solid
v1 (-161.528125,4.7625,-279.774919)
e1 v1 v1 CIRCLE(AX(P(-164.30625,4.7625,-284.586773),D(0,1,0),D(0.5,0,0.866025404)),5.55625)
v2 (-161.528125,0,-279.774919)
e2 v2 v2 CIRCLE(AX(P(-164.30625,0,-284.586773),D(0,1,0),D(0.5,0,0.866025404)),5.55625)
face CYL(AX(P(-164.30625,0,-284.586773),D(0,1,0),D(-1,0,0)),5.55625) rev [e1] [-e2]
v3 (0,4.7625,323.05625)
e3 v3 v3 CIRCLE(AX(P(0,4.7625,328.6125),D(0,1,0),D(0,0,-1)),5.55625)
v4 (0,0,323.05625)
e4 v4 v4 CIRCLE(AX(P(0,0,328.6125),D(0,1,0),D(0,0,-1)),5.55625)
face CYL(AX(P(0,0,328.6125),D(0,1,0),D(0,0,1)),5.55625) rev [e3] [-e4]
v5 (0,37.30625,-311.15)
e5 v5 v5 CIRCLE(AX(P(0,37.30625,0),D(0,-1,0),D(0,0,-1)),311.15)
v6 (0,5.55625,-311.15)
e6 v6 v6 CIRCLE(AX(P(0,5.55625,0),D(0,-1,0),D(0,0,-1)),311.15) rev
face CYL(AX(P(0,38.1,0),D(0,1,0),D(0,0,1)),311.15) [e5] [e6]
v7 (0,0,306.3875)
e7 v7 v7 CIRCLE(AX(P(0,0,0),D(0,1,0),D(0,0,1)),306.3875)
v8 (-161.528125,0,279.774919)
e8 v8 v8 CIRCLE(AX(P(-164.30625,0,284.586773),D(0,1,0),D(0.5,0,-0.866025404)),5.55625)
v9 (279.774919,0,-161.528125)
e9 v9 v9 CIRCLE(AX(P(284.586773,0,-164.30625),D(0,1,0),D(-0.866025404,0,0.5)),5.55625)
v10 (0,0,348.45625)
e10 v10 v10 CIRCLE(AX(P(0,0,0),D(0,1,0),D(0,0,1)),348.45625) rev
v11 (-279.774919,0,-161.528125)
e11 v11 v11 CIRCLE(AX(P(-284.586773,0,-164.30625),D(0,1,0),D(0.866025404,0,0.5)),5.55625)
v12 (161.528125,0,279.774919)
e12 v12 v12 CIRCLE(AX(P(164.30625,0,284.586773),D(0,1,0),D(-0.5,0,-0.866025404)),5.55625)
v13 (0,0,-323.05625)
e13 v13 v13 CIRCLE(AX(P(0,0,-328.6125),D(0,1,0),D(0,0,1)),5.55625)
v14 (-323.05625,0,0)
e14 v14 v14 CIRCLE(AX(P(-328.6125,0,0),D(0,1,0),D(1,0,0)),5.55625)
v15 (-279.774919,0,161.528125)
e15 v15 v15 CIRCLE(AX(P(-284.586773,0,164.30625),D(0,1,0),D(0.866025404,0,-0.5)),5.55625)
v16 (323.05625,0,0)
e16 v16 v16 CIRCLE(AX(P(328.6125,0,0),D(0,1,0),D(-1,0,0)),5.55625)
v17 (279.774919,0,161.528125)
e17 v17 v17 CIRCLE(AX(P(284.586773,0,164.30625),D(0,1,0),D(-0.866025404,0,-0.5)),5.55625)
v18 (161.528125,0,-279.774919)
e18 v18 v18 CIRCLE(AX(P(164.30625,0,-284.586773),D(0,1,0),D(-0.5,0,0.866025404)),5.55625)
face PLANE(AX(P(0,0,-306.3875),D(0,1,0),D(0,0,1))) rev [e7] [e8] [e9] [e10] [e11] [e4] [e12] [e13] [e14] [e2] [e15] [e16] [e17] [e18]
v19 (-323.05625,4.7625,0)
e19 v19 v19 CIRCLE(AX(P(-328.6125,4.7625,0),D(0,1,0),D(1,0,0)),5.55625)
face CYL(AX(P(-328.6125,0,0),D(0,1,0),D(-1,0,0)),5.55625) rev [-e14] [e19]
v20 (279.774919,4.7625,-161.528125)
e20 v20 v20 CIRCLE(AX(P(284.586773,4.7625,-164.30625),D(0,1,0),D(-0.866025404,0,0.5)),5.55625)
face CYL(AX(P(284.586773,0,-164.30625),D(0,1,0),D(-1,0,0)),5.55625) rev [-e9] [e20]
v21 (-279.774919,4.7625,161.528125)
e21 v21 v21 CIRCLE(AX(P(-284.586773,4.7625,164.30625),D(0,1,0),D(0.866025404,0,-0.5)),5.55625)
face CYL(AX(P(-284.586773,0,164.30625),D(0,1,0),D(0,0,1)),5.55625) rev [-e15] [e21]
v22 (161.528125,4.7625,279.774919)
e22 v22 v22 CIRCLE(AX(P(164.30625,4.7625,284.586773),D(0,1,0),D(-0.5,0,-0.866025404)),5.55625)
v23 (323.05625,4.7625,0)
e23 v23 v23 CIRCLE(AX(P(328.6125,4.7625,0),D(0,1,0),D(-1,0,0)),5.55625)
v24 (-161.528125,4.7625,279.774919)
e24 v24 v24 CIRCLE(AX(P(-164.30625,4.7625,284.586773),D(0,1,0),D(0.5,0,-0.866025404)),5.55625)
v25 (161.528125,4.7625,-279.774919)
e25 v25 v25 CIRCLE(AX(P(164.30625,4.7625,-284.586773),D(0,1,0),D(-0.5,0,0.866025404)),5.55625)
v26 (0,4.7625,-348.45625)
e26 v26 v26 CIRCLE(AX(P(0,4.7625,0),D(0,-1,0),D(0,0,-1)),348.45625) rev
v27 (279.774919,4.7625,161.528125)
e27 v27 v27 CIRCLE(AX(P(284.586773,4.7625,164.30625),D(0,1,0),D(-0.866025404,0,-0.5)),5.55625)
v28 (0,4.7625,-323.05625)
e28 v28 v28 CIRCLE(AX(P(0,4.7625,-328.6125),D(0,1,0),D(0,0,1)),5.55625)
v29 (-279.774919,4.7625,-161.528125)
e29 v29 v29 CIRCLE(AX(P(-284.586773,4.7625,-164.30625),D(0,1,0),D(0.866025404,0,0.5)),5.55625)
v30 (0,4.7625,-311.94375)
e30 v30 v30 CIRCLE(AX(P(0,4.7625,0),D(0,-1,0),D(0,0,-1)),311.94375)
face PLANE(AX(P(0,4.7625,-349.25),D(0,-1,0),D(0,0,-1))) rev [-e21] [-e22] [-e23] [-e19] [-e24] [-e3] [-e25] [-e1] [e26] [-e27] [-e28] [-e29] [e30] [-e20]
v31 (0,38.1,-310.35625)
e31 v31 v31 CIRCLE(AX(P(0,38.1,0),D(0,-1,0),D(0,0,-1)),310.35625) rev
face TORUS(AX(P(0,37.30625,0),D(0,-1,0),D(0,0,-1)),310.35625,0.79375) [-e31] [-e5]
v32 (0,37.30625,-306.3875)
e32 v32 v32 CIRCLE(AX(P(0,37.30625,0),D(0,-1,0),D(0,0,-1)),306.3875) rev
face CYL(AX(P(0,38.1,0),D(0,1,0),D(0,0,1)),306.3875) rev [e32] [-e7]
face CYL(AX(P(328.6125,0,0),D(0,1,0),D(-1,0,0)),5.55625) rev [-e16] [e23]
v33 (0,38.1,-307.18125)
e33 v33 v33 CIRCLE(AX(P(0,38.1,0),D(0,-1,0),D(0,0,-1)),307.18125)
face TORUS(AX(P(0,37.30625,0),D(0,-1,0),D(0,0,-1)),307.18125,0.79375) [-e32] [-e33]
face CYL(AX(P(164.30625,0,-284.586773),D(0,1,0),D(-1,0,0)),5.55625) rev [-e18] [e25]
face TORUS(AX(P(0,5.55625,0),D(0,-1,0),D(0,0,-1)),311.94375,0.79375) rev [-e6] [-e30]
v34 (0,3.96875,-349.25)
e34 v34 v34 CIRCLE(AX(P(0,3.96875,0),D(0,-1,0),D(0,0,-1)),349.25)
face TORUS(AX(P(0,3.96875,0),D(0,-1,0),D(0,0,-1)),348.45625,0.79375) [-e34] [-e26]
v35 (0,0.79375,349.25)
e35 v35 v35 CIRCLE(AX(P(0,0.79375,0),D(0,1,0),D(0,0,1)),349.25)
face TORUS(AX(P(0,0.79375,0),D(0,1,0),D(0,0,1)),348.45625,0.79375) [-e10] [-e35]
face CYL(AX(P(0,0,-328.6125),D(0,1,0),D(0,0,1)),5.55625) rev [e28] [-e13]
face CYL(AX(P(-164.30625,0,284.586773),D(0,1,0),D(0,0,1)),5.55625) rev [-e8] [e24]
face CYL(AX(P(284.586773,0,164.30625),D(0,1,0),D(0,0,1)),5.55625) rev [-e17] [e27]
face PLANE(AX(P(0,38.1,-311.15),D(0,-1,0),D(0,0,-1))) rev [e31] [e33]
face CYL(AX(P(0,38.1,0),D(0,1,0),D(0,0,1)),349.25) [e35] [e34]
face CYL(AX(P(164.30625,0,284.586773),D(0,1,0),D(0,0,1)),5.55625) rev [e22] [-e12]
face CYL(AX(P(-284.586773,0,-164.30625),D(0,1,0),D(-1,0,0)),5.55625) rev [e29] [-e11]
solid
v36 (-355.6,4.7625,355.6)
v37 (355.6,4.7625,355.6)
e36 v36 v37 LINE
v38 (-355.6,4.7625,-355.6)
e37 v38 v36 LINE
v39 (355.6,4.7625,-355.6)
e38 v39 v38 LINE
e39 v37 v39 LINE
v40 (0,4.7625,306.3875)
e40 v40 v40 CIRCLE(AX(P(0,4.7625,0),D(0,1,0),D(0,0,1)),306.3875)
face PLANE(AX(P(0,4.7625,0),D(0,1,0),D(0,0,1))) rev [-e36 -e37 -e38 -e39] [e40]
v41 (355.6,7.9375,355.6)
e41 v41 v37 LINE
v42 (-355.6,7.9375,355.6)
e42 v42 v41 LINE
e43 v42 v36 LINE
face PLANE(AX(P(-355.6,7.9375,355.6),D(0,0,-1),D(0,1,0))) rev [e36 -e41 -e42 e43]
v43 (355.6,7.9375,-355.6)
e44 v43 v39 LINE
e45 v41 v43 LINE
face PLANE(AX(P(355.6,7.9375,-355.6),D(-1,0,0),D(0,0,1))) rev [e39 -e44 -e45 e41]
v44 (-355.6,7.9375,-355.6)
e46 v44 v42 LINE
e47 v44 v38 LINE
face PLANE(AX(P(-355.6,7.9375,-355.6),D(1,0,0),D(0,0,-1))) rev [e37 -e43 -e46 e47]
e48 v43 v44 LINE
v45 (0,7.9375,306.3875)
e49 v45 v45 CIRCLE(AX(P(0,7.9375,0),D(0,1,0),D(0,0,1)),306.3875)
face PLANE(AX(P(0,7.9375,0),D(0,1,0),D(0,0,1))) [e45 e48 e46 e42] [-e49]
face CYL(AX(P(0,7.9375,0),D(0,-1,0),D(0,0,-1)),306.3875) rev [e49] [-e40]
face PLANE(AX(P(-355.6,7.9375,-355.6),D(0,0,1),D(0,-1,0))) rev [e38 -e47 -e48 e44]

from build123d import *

# Parameters (mm, degrees)
FILLET3_R           = 0.79375
FILLET4_R           = 0.79375
SKETCH3_R           = 5.55625
CUT_EXTRUDE1_DEPTH  = 496.037891525
CIRPATTERN1_COUNT   = 12
SKETCH4_W           = 711.2
SKETCH4_H           = 711.2
SKETCH4_R           = 306.3875
BOSS_EXTRUDE1_DEPTH = 3.175


with BuildPart() as part:
    # Sketch1 → Revolve1 (revolve)
    with BuildSketch(Plane(origin=(0, 0, 0), x_dir=(0, 0, -1), z_dir=(1, 0, 0)), mode=Mode.PRIVATE) as revolve1_sk:
        Polygon((306.3875, 0), (349.25, 0), (349.25, 4.7625), (311.15, 4.7625), (311.15, 38.1), (306.3875, 38.1), align=None)
    revolve(revolve1_sk.sketch.rotate(Axis((0, 38.1, 0), (0, -1, 0)), 180), axis=Axis((0, 38.1, 0), (0, -1, 0)))

    # Fillet3
    fillet3_edges = [part.edges().sort_by_distance(p)[0] for p in [
        (0, 0, -349.25),
        (0, 4.7625, -349.25),
    ]]
    fillet(fillet3_edges, radius=FILLET3_R)

    # Fillet4
    fillet4_edges = [part.edges().sort_by_distance(p)[0] for p in [
        (0, 38.1, -306.3875),
        (0, 38.1, -311.15),
        (0, 4.7625, -311.15),
    ]]
    fillet(fillet4_edges, radius=FILLET4_R)

    # Sketch3 → Cut-Extrude1 (cut, through all)
    with BuildSketch(Plane(origin=(0, 4.7625, 0), x_dir=(-1, 0, 0), z_dir=(0, 1, 0))):
        with Locations(Location((0, -328.6125, 0), (0, 0, 90))):
            Circle(SKETCH3_R)
    cut_extrude1 = extrude(amount=-CUT_EXTRUDE1_DEPTH, mode=Mode.SUBTRACT)

    # CirPattern1: Cut-Extrude1 ×12 about axis
    cirpattern1_axis = Axis((0, 0, 0), (0, 1, 0))
    for i in range(1, CIRPATTERN1_COUNT):
        add(cut_extrude1.rotate(cirpattern1_axis, i * 360 / CIRPATTERN1_COUNT), mode=Mode.SUBTRACT)


with BuildPart() as body_2:
    # Sketch4 → Boss-Extrude1 (new body)
    with BuildSketch(Plane(origin=(0, 4.7625, 0), x_dir=(1, 0, 0), z_dir=(0, 1, 0))):
        Rectangle(SKETCH4_W, SKETCH4_H)
        with Locations(Location((0, 0, 0), (0, 0, 270))):
            Circle(SKETCH4_R, mode=Mode.SUBTRACT)
    extrude(amount=BOSS_EXTRUDE1_DEPTH)


solid = Compound([part.part, body_2.part])
